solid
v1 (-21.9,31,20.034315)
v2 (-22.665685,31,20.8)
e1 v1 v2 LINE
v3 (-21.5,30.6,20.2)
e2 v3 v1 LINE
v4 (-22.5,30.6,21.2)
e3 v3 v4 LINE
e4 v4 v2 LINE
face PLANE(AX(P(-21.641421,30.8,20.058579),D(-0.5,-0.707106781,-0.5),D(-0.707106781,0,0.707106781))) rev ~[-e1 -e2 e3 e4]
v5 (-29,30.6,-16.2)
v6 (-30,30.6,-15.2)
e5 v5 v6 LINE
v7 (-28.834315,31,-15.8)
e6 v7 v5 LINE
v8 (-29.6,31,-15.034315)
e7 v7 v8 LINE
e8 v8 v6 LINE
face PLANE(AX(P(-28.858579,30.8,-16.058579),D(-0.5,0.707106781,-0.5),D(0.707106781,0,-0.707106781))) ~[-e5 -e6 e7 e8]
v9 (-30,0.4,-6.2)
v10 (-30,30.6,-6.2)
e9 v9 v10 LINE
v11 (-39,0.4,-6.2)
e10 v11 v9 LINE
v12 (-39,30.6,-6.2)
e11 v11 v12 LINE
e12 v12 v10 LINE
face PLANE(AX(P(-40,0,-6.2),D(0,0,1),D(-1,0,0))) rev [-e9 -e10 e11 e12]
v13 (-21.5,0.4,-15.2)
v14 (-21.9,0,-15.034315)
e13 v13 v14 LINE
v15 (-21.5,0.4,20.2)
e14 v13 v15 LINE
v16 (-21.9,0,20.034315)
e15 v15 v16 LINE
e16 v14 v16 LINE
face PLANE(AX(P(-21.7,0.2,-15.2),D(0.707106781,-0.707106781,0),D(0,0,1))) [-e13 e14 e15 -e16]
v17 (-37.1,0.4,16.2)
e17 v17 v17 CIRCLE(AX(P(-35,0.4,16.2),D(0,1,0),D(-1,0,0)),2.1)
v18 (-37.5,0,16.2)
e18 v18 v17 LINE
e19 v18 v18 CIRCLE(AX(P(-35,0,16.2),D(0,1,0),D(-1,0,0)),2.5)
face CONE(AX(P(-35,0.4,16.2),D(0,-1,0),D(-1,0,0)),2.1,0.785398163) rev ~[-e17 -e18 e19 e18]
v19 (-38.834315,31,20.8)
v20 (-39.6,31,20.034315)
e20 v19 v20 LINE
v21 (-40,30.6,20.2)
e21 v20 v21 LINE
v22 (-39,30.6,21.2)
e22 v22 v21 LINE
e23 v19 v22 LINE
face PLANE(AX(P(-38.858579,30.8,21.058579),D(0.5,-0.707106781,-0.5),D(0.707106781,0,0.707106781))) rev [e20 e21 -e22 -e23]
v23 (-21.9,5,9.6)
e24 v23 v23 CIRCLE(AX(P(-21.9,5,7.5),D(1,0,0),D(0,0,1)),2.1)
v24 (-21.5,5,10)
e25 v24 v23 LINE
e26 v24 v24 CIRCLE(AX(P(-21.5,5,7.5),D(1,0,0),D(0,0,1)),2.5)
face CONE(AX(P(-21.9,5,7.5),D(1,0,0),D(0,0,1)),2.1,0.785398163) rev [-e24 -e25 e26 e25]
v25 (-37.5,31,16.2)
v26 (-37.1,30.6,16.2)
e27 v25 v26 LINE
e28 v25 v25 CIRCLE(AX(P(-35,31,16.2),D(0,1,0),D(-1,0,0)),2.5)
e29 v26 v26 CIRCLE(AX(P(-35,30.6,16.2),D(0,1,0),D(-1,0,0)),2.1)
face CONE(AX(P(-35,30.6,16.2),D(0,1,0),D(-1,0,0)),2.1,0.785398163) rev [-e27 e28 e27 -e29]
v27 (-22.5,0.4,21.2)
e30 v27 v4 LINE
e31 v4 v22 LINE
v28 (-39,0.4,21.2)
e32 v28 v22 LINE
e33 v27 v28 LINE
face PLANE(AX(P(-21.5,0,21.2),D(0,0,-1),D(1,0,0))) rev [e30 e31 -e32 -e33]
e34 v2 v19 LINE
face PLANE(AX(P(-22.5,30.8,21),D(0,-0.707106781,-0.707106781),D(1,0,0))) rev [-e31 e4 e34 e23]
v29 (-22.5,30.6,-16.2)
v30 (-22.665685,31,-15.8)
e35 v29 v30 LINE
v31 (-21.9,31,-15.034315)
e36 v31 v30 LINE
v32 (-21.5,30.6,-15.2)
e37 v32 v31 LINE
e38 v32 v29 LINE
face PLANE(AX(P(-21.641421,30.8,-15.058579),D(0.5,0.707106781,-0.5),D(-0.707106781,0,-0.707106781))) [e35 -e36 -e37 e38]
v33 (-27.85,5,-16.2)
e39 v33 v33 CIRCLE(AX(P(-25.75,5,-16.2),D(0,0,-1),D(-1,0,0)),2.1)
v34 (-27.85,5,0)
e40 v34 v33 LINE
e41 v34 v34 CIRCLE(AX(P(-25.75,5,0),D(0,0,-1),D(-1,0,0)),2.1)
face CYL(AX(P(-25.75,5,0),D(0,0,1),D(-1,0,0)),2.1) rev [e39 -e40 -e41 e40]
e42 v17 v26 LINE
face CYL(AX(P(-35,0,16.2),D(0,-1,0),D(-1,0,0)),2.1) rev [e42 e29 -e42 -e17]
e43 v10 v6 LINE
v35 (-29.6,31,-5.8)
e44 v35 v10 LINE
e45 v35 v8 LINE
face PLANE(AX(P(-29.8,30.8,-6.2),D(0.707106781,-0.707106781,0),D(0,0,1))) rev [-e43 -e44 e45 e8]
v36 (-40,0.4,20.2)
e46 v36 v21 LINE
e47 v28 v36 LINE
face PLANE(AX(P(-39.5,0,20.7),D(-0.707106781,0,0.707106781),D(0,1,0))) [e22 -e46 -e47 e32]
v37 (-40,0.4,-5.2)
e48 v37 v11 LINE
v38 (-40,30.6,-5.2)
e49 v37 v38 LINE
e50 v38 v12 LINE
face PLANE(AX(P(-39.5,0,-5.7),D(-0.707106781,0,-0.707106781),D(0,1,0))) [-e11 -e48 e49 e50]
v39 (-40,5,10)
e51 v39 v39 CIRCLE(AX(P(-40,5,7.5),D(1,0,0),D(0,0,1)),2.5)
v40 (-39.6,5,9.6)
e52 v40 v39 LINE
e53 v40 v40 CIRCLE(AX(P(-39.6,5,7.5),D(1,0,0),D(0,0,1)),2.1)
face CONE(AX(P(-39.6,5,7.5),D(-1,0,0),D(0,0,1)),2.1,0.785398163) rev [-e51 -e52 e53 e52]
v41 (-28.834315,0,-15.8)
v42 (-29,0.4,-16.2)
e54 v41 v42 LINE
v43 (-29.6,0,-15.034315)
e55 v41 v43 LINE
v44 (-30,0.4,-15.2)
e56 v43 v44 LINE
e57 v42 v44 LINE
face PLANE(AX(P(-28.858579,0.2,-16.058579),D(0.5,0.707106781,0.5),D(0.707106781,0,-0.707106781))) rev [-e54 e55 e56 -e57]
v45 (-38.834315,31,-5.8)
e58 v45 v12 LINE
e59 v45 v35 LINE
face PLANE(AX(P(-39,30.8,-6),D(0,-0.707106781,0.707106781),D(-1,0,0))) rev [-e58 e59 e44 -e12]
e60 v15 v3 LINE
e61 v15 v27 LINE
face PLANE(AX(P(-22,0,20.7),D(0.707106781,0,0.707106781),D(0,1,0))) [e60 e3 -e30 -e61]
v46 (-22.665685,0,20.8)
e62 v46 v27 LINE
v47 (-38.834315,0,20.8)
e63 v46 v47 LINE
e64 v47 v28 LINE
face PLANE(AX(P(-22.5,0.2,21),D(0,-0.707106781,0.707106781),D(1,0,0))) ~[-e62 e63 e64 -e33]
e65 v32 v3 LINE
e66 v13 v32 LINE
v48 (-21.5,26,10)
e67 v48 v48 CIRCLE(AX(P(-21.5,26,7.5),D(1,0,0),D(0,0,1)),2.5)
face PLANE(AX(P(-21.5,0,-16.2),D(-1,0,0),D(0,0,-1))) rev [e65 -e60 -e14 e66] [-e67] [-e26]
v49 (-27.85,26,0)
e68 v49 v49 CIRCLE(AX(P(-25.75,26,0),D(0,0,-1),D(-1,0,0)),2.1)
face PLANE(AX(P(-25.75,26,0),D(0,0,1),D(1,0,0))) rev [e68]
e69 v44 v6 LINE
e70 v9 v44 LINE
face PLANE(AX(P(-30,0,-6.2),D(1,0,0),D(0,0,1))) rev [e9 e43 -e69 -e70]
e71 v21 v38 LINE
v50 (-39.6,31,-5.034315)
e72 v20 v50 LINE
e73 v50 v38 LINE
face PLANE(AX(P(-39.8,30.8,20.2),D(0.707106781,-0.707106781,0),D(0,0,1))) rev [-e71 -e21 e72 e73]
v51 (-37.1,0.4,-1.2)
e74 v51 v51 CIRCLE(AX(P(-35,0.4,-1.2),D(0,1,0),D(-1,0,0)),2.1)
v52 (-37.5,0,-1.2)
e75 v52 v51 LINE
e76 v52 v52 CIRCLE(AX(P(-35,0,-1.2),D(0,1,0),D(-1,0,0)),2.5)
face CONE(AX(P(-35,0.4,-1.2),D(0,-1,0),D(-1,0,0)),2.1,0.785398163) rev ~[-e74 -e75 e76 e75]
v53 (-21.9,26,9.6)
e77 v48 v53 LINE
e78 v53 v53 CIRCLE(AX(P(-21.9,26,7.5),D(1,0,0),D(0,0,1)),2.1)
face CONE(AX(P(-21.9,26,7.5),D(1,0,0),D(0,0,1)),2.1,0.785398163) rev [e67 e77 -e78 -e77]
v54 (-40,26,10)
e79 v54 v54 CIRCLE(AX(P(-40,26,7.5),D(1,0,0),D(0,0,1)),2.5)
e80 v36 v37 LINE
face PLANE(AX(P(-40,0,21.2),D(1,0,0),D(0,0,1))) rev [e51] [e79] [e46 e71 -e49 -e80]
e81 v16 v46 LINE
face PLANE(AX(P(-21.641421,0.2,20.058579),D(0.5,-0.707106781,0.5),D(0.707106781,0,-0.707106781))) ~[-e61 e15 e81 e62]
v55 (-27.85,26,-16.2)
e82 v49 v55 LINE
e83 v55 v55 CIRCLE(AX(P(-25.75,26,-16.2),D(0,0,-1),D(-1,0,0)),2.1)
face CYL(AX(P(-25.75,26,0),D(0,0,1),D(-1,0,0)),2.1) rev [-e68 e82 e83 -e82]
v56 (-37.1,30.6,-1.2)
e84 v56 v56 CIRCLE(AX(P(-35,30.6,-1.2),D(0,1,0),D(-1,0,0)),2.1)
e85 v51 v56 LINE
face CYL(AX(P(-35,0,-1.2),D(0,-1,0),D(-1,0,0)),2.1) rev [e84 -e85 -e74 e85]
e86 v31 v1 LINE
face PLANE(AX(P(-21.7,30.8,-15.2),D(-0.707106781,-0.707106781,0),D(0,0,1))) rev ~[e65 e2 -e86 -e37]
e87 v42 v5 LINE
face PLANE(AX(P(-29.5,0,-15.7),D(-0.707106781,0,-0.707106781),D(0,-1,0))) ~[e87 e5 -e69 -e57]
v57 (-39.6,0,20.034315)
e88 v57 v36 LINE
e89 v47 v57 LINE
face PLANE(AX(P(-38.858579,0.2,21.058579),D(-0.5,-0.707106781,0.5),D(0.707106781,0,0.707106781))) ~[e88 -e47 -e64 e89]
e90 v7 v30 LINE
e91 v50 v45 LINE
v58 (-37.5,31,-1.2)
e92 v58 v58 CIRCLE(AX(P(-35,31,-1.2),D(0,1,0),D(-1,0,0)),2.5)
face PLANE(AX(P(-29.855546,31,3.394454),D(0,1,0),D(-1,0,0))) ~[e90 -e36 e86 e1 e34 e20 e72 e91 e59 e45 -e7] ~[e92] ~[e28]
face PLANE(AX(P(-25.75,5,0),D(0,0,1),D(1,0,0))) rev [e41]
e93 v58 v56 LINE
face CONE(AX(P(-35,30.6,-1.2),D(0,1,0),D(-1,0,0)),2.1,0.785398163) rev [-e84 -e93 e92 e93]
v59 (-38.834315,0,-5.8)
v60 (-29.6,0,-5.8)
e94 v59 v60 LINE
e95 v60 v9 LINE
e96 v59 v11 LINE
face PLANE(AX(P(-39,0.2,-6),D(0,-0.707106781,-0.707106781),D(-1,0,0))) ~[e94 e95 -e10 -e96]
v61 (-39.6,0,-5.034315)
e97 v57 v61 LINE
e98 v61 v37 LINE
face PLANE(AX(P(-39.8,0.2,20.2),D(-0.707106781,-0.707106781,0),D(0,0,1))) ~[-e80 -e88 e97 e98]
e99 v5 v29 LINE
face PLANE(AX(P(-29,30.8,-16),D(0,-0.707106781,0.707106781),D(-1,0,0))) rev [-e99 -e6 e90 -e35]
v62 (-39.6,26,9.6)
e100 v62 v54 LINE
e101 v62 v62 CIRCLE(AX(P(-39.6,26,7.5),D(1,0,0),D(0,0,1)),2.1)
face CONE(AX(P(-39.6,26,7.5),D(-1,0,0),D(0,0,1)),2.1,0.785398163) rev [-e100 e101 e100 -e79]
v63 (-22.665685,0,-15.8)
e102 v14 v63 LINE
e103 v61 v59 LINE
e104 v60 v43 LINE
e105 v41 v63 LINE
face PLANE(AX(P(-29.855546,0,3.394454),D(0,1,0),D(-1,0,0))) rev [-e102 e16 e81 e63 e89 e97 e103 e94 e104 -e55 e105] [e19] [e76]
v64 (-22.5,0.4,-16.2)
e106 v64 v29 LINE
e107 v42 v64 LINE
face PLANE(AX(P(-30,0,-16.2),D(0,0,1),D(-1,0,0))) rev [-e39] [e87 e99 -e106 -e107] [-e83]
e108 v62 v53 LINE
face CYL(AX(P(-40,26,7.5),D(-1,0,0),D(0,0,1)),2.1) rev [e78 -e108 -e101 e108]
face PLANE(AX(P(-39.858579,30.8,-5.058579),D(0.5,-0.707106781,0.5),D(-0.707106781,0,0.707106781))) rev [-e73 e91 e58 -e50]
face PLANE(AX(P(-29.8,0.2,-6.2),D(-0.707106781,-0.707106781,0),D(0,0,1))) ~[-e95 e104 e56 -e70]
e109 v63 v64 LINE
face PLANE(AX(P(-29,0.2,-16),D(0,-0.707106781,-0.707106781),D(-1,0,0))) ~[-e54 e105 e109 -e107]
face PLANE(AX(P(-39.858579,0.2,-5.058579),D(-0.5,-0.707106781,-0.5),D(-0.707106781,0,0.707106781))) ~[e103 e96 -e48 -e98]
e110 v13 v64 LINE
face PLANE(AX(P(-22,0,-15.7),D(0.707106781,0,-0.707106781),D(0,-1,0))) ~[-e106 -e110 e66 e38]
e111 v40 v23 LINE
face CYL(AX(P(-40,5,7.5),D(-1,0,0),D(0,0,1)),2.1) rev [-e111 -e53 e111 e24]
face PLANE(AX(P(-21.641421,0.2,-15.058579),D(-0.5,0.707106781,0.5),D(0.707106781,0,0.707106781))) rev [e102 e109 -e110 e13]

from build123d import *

# Parameters (mm, degrees)
PAD022_DEPTH    = 31
SKETCH037_R     = 2.1
POCKET013_DEPTH = 31.001
SKETCH038_R     = 2.1
POCKET014_DEPTH = 16.201
SKETCH039_R     = 2.1
POCKET015_DEPTH = 18.501
CHAMFER002_SIZE = 1
CHAMFER003_SIZE = 0.4
CHAMFER004_SIZE = 0.4


with BuildPart() as sidemotorleftclone:
    # Sketch036 → Pad022 (new body)
    with BuildSketch(Plane.XZ):
        Polygon((21.5, -16.2), (21.5, 21.2), (40, 21.2), (40, -6.2), (30, -6.2), (30, -16.2), align=None)
    extrude(amount=-PAD022_DEPTH)

    # Sketch037 → Pocket013 (cut, through all)
    with BuildSketch(Plane.XZ):
        with Locations((35, 16.2)):
            Circle(SKETCH037_R)
        with Locations((35, -1.2)):
            Circle(SKETCH037_R)
    extrude(amount=-POCKET013_DEPTH, mode=Mode.SUBTRACT)

    # Sketch038 → Pocket014 (cut, through all)
    with BuildSketch(Plane.XY):
        with Locations((25.75, 26)):
            Circle(SKETCH038_R)
        with Locations((25.75, 5)):
            Circle(SKETCH038_R)
    extrude(amount=-POCKET014_DEPTH, mode=Mode.SUBTRACT)

    # Sketch039 (on Face9 of Pocket014) → Pocket015 (cut, through all)
    with BuildSketch(Plane(origin=(40, 0, 0), x_dir=(0, 0, 1), z_dir=(1, 0, 0))):
        with Locations((7.5, -5)):
            Circle(SKETCH039_R)
        with Locations((7.5, -26)):
            Circle(SKETCH039_R)
    extrude(amount=-POCKET015_DEPTH, mode=Mode.SUBTRACT)

    # Chamfer002
    chamfer002_edges = [sidemotorleftclone.edges().sort_by_distance(p)[0] for p in [
        (40, 15.5, 21.2),
        (21.5, 15.5, -16.2),
        (30, 15.5, -16.2),
        (40, 15.5, -6.2),
        (21.5, 15.5, 21.2),
    ]]
    chamfer(chamfer002_edges, length=CHAMFER002_SIZE)

    # Chamfer003
    chamfer003_edges = [sidemotorleftclone.edges().sort_by_distance(p)[0] for p in [
        (21.5, 31, 2.5),
        (22, 31, -15.7),
        (22, 31, 20.7),
        (25.75, 31, -16.2),
        (30.75, 31, 21.2),
        (29.5, 31, -15.7),
        (39.5, 31, 20.7),
        (30, 31, -10.7),
        (40, 31, 7.5),
        (34.5, 31, -6.2),
        (39.5, 31, -5.7),
        (32.9, 31, -1.2),
        (32.9, 31, 16.2),
        (21.5, 0, 2.5),
        (22, 0, -15.7),
        (22, 0, 20.7),
        (25.75, 0, -16.2),
        (30.75, 0, 21.2),
        (29.5, 0, -15.7),
        (39.5, 0, 20.7),
        (30, 0, -10.7),
        (40, 0, 7.5),
        (34.5, 0, -6.2),
        (39.5, 0, -5.7),
        (32.9, 0, -1.2),
        (32.9, 0, 16.2),
    ]]
    chamfer(chamfer003_edges, length=CHAMFER003_SIZE)

    # Chamfer004
    chamfer004_edges = [sidemotorleftclone.edges().sort_by_distance(p)[0] for p in [
        (40, 5, 5.4),
        (40, 26, 5.4),
        (21.5, 5, 5.4),
        (21.5, 26, 5.4),
    ]]
    chamfer(chamfer004_edges, length=CHAMFER004_SIZE)


with BuildPart() as part_mirroring:
    # Part__Mirroring: instance of SideMotorLeftClone
    add(sidemotorleftclone.part.mirror(Plane(origin=(0, 0, 0), x_dir=(0, -1, 0), z_dir=(1, 0, 0))))


solid = part_mirroring.part
